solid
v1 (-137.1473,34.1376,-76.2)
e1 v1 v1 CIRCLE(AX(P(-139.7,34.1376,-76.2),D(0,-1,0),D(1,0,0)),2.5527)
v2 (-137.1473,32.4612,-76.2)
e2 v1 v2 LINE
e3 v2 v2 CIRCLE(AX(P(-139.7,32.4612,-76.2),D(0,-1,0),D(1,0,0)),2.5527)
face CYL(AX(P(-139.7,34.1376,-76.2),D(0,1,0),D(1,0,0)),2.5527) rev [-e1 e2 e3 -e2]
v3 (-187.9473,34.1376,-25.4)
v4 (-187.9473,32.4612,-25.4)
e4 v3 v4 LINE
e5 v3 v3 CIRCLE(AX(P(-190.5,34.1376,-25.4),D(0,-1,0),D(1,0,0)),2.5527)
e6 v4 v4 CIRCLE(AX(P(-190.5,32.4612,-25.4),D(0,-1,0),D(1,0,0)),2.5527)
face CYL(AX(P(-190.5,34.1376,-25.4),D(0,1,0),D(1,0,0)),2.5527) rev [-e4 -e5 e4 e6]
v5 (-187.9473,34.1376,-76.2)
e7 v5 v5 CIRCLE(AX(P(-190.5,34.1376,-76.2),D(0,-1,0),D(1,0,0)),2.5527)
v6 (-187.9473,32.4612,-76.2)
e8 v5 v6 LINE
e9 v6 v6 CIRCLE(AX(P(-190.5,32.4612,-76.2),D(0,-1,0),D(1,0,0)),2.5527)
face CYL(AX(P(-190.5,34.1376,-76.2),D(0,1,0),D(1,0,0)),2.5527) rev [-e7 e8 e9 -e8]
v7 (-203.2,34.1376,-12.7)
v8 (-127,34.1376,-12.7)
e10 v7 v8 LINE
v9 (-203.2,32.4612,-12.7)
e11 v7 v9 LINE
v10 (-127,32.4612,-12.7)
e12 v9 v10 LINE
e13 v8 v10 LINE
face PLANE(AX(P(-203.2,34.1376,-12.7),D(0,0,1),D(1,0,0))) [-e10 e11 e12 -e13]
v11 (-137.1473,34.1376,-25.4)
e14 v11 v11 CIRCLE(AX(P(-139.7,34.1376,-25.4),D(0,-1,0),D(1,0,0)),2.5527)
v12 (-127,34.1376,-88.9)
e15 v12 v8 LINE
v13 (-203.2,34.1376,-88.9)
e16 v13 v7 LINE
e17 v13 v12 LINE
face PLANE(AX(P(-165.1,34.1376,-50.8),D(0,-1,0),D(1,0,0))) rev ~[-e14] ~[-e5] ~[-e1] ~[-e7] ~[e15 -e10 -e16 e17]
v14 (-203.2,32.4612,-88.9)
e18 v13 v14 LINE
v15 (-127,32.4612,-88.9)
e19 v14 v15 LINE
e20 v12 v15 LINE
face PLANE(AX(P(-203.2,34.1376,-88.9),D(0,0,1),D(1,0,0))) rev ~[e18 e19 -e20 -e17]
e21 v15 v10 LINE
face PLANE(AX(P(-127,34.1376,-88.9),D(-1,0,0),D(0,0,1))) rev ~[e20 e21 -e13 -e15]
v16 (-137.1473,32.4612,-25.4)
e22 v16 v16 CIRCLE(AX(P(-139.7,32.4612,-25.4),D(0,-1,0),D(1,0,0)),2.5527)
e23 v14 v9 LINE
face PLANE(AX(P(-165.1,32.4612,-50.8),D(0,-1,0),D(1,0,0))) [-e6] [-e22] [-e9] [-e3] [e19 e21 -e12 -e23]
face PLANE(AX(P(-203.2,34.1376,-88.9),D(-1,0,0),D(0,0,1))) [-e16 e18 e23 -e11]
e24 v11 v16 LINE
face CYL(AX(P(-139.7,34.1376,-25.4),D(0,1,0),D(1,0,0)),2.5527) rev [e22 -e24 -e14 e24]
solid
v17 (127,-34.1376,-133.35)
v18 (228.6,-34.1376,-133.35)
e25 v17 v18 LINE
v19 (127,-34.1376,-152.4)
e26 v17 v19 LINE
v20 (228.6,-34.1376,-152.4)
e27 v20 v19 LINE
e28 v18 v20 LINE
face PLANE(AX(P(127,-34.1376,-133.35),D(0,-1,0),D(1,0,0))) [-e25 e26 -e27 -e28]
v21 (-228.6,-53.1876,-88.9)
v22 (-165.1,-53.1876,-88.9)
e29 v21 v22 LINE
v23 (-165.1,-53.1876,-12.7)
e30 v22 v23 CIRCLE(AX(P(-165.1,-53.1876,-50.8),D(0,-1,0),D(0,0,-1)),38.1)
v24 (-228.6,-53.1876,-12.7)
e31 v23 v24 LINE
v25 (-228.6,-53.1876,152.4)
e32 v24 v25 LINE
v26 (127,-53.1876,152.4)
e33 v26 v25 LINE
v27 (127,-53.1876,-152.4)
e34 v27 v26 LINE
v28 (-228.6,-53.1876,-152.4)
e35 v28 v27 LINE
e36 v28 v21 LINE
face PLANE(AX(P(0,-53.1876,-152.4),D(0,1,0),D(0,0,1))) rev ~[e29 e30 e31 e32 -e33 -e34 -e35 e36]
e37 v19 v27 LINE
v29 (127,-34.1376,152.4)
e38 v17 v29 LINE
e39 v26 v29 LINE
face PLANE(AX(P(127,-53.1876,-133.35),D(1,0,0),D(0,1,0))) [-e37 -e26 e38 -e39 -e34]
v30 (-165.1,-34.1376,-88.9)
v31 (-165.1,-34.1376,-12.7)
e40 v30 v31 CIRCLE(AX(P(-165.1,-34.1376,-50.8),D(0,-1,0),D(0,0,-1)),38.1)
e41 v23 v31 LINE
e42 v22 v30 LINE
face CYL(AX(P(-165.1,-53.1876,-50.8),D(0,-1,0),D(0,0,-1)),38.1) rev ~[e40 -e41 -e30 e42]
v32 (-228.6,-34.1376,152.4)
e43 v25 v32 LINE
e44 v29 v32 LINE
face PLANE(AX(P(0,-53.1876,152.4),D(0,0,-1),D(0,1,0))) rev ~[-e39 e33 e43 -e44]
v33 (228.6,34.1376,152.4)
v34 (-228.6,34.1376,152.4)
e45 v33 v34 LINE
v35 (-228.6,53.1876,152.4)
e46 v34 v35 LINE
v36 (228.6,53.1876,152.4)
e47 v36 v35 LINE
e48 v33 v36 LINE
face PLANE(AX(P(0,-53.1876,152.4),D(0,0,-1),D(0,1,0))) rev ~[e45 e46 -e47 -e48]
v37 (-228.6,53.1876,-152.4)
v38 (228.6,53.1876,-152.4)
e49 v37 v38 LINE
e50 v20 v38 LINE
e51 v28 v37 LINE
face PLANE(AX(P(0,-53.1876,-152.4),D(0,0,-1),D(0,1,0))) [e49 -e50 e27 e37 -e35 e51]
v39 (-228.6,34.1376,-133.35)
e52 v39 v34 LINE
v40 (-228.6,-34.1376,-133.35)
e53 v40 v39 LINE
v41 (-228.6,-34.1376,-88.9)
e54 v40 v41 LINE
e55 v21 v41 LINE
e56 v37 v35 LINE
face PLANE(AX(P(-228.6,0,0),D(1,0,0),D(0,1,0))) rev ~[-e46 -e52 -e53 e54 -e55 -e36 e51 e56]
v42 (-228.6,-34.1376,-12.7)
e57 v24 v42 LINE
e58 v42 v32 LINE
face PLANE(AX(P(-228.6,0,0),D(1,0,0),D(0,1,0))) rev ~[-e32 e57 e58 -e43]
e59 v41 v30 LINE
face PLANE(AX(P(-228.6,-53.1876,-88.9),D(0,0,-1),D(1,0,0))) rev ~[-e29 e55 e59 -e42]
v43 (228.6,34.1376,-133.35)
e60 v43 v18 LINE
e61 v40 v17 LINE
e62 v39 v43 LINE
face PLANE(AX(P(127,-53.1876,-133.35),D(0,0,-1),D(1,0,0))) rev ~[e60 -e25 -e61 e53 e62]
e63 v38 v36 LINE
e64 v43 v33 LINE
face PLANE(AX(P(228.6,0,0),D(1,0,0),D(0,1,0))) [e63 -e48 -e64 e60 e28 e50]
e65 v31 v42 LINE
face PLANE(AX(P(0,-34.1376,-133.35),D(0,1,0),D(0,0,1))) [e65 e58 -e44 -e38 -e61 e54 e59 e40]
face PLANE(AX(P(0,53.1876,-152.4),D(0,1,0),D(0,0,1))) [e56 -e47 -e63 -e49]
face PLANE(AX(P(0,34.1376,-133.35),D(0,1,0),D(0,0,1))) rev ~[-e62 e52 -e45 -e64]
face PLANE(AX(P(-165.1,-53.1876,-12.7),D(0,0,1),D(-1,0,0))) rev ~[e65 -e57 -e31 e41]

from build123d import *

# Parameters (mm, degrees)
F0_W      = 106.3752
F0_H      = 304.8
F1_DEPTH  = 228.6
F3_W      = 68.2752
F3_H      = 285.75
F4_DEPTH  = 228.6
F5_W      = 101.6
F5_H      = 285.75
F6_DEPTH  = 19.05
F7_W      = 76.2
F7_H      = 76.2
F7_R      = 2.5527
F8_DEPTH  = 1.6764
F10_DEPTH = 19.05
F11_W     = 101.6
F11_H     = 19.05
F12_DEPTH = 19.051


with BuildPart() as f1:
    # F0 (on Right) → F1 (new body, symmetric)
    with BuildSketch(Plane.YZ):
        Rectangle(F0_W, F0_H)
    extrude(amount=F1_DEPTH, both=True)

    # F3 (on Right) → F4 (cut, symmetric)
    with BuildSketch(Plane.YZ):
        with Locations((0, 9.525)):
            Rectangle(F3_W, F3_H)
    extrude(amount=F4_DEPTH, both=True, mode=Mode.SUBTRACT)

    # F5 (on face) → F6 (cut, through all)
    with BuildSketch(Plane.XZ.offset(53.1876)):
        with Locations((177.8, 9.525)):
            Rectangle(F5_W, F5_H)
    extrude(amount=-F6_DEPTH, mode=Mode.SUBTRACT)

    # F9 (on face) → F10 (cut, through all)
    with BuildSketch(Plane.XZ.offset(53.1876)):
        with BuildLine():
            Line((-228.6, -88.9), (-165.1, -88.9))
            ThreePointArc((-165.1, -88.9), (-127, -50.8), (-165.1, -12.7))
            Line((-165.1, -12.7), (-228.6, -12.7))
            Line((-228.6, -12.7), (-228.6, -88.9))
        make_face()
    extrude(amount=-F10_DEPTH, mode=Mode.SUBTRACT)

    # F11 (on face) → F12 (cut, through all)
    with BuildSketch(Plane.XY.offset(-133.35)):
        with Locations((177.8, -43.6626)):
            Rectangle(F11_W, F11_H)
    extrude(amount=-F12_DEPTH, mode=Mode.SUBTRACT)


with BuildPart() as f8:
    # F7 (on face) → F8 (new body)
    with BuildSketch(Plane.XZ.offset(-34.1376)):
        with Locations((-165.1, -50.8)):
            Rectangle(F7_W, F7_H)
        with Locations((-190.5, -76.2)):
            Circle(F7_R, mode=Mode.SUBTRACT)
        with Locations((-139.7, -76.2)):
            Circle(F7_R, mode=Mode.SUBTRACT)
        with Locations((-190.5, -25.4)):
            Circle(F7_R, mode=Mode.SUBTRACT)
        with Locations((-139.7, -25.4)):
            Circle(F7_R, mode=Mode.SUBTRACT)
    extrude(amount=F8_DEPTH)


solid = Compound([f1.part, f8.part])
